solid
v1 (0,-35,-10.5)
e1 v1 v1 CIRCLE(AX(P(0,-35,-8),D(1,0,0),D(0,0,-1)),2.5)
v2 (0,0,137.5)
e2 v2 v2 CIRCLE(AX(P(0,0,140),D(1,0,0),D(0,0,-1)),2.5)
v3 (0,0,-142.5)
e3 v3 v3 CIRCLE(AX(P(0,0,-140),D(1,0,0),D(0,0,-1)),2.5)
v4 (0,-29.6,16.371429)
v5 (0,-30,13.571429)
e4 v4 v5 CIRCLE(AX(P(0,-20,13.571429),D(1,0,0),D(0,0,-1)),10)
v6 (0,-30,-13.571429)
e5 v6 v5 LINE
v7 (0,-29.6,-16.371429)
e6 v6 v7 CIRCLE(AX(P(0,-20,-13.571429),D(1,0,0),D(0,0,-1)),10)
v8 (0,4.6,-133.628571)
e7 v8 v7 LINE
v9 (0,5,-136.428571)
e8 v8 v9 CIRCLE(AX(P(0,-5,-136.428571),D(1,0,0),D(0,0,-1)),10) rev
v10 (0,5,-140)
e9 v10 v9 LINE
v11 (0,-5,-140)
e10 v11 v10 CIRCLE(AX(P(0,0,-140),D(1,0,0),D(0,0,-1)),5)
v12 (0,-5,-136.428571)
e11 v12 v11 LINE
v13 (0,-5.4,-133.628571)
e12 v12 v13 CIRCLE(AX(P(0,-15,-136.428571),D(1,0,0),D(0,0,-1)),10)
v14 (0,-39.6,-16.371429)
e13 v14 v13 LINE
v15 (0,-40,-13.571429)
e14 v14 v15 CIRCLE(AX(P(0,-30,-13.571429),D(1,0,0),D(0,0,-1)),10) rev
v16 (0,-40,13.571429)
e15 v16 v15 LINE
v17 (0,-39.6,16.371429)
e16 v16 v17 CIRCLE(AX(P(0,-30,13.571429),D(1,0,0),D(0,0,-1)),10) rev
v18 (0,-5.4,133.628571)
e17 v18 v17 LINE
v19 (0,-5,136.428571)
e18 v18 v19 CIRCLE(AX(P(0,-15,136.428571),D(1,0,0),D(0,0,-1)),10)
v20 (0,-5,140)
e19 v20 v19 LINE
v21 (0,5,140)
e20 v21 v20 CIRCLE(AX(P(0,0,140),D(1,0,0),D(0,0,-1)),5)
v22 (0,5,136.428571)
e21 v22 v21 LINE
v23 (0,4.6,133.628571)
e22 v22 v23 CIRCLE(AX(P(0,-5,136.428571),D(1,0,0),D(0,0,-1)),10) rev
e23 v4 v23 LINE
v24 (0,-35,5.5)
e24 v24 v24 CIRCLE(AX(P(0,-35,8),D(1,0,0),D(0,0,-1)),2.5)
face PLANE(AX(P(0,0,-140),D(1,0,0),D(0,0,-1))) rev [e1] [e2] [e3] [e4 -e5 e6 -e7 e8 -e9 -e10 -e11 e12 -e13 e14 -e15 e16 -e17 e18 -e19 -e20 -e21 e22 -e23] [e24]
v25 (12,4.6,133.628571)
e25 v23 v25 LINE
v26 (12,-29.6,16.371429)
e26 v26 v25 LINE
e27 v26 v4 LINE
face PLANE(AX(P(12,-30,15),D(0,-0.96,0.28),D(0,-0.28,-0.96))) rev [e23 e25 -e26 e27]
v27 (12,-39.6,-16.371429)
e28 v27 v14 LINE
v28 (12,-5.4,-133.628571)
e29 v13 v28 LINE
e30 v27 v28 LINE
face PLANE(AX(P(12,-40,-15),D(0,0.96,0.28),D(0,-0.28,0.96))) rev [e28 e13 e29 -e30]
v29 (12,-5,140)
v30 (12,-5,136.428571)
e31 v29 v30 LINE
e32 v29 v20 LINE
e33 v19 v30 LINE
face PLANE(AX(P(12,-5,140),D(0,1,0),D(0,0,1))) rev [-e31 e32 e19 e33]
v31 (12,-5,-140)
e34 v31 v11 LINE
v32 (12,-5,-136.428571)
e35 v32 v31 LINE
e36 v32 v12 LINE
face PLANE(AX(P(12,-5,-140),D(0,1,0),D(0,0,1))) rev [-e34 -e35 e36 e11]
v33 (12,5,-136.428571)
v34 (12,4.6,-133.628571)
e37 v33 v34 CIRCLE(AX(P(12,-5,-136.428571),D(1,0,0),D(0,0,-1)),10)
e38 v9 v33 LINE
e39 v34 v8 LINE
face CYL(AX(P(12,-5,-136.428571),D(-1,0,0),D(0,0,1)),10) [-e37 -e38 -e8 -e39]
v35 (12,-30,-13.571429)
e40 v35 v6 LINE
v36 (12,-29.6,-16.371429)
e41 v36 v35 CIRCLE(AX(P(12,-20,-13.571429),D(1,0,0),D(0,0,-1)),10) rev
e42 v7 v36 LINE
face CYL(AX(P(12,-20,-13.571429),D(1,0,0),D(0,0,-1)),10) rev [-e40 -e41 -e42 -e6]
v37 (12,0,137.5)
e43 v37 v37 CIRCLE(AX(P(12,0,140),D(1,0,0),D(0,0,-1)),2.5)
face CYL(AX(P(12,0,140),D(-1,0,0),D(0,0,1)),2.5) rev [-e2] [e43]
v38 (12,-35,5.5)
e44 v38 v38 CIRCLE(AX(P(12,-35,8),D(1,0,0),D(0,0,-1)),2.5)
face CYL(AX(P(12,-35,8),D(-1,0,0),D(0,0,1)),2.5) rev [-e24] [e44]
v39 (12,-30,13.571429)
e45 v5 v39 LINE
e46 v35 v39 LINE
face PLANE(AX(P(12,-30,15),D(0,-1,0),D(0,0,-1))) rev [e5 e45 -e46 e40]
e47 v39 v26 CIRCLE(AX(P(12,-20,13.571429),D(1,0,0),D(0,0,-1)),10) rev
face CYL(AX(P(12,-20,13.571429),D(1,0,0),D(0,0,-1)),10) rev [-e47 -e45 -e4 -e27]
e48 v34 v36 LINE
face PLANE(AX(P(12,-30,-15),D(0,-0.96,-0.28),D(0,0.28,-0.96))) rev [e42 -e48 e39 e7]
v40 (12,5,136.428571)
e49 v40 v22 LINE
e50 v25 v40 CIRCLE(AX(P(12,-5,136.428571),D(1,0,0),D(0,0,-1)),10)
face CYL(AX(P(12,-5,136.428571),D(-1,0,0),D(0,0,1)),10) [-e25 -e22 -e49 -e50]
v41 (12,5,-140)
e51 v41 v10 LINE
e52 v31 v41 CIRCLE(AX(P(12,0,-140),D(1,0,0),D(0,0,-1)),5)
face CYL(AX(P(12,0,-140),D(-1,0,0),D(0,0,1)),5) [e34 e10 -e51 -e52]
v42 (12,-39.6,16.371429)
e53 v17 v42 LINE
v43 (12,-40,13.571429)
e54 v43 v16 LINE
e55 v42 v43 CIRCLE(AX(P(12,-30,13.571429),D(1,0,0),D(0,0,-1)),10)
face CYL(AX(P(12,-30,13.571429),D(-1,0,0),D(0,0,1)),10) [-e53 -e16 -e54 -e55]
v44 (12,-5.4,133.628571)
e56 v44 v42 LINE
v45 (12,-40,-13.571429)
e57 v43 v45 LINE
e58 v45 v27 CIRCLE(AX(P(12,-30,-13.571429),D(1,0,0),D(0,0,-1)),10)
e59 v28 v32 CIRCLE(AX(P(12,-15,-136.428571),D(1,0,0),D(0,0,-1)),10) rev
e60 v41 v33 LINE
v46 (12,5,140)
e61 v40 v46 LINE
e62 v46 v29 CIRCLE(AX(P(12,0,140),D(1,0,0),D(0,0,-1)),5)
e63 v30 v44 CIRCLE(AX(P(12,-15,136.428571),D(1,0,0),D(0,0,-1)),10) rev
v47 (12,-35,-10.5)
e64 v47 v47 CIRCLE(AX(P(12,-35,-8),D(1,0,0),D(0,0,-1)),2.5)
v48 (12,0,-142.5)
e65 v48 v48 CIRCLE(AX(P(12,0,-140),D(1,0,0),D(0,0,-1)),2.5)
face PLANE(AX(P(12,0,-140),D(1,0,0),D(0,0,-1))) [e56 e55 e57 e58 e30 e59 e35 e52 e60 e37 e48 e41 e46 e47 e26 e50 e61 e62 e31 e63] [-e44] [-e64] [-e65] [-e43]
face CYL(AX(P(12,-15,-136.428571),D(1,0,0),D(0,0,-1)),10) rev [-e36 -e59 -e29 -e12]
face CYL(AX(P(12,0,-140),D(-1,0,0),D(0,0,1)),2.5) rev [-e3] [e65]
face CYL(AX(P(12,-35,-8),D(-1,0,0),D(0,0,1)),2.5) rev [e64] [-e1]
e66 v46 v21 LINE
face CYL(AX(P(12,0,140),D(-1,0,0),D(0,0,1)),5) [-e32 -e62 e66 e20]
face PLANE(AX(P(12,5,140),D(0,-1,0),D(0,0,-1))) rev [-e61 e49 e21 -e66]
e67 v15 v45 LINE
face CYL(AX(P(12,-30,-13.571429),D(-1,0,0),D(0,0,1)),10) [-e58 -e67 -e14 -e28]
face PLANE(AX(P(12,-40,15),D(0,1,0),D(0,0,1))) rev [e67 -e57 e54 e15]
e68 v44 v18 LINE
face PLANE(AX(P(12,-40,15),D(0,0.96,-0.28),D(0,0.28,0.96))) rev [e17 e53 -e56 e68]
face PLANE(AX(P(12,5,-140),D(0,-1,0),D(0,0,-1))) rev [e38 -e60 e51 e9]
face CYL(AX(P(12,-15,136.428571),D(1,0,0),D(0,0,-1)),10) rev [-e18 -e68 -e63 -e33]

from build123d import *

# Parameters (mm, degrees)
CROQUIS1_R              = 2.5
SALIENTE_EXTRUIR1_DEPTH = 12
REDONDEO1_R             = 10


with BuildPart() as part:
    # Croquis1 → Saliente-Extruir1 (new body)
    with BuildSketch(Plane(origin=(0, 0, 0), x_dir=(0, 0, -1), z_dir=(1, 0, 0))):
        with BuildLine():
            Line((-15, -30), (15, -30))
            Line((15, -30), (135, 5))
            Line((135, 5), (140, 5))
            ThreePointArc((140, 5), (145, 0), (140, -5))
            Line((140, -5), (135, -5))
            Line((135, -5), (15, -40))
            Line((15, -40), (-15, -40))
            Line((-15, -40), (-135, -5))
            Line((-135, -5), (-140, -5))
            ThreePointArc((-140, -5), (-145, 0), (-140, 5))
            Line((-140, 5), (-135, 5))
            Line((-135, 5), (-15, -30))
        make_face()
        with Locations((-8, -35)):
            Circle(CROQUIS1_R, mode=Mode.SUBTRACT)
        with Locations((8, -35)):
            Circle(CROQUIS1_R, mode=Mode.SUBTRACT)
        with Locations((-140, 0)):
            Circle(CROQUIS1_R, mode=Mode.SUBTRACT)
        with Locations((140, 0)):
            Circle(CROQUIS1_R, mode=Mode.SUBTRACT)
    extrude(amount=SALIENTE_EXTRUIR1_DEPTH)

    # Redondeo1
    redondeo1_edges = [part.edges().sort_by_distance(p)[0] for p in [
        (6, -5, -135),
        (6, -40, -15),
        (6, -40, 15),
        (6, -5, 135),
        (6, 5, 135),
        (6, -30, 15),
        (6, -30, -15),
        (6, 5, -135),
    ]]
    fillet(redondeo1_edges, radius=REDONDEO1_R)


solid = part.part
